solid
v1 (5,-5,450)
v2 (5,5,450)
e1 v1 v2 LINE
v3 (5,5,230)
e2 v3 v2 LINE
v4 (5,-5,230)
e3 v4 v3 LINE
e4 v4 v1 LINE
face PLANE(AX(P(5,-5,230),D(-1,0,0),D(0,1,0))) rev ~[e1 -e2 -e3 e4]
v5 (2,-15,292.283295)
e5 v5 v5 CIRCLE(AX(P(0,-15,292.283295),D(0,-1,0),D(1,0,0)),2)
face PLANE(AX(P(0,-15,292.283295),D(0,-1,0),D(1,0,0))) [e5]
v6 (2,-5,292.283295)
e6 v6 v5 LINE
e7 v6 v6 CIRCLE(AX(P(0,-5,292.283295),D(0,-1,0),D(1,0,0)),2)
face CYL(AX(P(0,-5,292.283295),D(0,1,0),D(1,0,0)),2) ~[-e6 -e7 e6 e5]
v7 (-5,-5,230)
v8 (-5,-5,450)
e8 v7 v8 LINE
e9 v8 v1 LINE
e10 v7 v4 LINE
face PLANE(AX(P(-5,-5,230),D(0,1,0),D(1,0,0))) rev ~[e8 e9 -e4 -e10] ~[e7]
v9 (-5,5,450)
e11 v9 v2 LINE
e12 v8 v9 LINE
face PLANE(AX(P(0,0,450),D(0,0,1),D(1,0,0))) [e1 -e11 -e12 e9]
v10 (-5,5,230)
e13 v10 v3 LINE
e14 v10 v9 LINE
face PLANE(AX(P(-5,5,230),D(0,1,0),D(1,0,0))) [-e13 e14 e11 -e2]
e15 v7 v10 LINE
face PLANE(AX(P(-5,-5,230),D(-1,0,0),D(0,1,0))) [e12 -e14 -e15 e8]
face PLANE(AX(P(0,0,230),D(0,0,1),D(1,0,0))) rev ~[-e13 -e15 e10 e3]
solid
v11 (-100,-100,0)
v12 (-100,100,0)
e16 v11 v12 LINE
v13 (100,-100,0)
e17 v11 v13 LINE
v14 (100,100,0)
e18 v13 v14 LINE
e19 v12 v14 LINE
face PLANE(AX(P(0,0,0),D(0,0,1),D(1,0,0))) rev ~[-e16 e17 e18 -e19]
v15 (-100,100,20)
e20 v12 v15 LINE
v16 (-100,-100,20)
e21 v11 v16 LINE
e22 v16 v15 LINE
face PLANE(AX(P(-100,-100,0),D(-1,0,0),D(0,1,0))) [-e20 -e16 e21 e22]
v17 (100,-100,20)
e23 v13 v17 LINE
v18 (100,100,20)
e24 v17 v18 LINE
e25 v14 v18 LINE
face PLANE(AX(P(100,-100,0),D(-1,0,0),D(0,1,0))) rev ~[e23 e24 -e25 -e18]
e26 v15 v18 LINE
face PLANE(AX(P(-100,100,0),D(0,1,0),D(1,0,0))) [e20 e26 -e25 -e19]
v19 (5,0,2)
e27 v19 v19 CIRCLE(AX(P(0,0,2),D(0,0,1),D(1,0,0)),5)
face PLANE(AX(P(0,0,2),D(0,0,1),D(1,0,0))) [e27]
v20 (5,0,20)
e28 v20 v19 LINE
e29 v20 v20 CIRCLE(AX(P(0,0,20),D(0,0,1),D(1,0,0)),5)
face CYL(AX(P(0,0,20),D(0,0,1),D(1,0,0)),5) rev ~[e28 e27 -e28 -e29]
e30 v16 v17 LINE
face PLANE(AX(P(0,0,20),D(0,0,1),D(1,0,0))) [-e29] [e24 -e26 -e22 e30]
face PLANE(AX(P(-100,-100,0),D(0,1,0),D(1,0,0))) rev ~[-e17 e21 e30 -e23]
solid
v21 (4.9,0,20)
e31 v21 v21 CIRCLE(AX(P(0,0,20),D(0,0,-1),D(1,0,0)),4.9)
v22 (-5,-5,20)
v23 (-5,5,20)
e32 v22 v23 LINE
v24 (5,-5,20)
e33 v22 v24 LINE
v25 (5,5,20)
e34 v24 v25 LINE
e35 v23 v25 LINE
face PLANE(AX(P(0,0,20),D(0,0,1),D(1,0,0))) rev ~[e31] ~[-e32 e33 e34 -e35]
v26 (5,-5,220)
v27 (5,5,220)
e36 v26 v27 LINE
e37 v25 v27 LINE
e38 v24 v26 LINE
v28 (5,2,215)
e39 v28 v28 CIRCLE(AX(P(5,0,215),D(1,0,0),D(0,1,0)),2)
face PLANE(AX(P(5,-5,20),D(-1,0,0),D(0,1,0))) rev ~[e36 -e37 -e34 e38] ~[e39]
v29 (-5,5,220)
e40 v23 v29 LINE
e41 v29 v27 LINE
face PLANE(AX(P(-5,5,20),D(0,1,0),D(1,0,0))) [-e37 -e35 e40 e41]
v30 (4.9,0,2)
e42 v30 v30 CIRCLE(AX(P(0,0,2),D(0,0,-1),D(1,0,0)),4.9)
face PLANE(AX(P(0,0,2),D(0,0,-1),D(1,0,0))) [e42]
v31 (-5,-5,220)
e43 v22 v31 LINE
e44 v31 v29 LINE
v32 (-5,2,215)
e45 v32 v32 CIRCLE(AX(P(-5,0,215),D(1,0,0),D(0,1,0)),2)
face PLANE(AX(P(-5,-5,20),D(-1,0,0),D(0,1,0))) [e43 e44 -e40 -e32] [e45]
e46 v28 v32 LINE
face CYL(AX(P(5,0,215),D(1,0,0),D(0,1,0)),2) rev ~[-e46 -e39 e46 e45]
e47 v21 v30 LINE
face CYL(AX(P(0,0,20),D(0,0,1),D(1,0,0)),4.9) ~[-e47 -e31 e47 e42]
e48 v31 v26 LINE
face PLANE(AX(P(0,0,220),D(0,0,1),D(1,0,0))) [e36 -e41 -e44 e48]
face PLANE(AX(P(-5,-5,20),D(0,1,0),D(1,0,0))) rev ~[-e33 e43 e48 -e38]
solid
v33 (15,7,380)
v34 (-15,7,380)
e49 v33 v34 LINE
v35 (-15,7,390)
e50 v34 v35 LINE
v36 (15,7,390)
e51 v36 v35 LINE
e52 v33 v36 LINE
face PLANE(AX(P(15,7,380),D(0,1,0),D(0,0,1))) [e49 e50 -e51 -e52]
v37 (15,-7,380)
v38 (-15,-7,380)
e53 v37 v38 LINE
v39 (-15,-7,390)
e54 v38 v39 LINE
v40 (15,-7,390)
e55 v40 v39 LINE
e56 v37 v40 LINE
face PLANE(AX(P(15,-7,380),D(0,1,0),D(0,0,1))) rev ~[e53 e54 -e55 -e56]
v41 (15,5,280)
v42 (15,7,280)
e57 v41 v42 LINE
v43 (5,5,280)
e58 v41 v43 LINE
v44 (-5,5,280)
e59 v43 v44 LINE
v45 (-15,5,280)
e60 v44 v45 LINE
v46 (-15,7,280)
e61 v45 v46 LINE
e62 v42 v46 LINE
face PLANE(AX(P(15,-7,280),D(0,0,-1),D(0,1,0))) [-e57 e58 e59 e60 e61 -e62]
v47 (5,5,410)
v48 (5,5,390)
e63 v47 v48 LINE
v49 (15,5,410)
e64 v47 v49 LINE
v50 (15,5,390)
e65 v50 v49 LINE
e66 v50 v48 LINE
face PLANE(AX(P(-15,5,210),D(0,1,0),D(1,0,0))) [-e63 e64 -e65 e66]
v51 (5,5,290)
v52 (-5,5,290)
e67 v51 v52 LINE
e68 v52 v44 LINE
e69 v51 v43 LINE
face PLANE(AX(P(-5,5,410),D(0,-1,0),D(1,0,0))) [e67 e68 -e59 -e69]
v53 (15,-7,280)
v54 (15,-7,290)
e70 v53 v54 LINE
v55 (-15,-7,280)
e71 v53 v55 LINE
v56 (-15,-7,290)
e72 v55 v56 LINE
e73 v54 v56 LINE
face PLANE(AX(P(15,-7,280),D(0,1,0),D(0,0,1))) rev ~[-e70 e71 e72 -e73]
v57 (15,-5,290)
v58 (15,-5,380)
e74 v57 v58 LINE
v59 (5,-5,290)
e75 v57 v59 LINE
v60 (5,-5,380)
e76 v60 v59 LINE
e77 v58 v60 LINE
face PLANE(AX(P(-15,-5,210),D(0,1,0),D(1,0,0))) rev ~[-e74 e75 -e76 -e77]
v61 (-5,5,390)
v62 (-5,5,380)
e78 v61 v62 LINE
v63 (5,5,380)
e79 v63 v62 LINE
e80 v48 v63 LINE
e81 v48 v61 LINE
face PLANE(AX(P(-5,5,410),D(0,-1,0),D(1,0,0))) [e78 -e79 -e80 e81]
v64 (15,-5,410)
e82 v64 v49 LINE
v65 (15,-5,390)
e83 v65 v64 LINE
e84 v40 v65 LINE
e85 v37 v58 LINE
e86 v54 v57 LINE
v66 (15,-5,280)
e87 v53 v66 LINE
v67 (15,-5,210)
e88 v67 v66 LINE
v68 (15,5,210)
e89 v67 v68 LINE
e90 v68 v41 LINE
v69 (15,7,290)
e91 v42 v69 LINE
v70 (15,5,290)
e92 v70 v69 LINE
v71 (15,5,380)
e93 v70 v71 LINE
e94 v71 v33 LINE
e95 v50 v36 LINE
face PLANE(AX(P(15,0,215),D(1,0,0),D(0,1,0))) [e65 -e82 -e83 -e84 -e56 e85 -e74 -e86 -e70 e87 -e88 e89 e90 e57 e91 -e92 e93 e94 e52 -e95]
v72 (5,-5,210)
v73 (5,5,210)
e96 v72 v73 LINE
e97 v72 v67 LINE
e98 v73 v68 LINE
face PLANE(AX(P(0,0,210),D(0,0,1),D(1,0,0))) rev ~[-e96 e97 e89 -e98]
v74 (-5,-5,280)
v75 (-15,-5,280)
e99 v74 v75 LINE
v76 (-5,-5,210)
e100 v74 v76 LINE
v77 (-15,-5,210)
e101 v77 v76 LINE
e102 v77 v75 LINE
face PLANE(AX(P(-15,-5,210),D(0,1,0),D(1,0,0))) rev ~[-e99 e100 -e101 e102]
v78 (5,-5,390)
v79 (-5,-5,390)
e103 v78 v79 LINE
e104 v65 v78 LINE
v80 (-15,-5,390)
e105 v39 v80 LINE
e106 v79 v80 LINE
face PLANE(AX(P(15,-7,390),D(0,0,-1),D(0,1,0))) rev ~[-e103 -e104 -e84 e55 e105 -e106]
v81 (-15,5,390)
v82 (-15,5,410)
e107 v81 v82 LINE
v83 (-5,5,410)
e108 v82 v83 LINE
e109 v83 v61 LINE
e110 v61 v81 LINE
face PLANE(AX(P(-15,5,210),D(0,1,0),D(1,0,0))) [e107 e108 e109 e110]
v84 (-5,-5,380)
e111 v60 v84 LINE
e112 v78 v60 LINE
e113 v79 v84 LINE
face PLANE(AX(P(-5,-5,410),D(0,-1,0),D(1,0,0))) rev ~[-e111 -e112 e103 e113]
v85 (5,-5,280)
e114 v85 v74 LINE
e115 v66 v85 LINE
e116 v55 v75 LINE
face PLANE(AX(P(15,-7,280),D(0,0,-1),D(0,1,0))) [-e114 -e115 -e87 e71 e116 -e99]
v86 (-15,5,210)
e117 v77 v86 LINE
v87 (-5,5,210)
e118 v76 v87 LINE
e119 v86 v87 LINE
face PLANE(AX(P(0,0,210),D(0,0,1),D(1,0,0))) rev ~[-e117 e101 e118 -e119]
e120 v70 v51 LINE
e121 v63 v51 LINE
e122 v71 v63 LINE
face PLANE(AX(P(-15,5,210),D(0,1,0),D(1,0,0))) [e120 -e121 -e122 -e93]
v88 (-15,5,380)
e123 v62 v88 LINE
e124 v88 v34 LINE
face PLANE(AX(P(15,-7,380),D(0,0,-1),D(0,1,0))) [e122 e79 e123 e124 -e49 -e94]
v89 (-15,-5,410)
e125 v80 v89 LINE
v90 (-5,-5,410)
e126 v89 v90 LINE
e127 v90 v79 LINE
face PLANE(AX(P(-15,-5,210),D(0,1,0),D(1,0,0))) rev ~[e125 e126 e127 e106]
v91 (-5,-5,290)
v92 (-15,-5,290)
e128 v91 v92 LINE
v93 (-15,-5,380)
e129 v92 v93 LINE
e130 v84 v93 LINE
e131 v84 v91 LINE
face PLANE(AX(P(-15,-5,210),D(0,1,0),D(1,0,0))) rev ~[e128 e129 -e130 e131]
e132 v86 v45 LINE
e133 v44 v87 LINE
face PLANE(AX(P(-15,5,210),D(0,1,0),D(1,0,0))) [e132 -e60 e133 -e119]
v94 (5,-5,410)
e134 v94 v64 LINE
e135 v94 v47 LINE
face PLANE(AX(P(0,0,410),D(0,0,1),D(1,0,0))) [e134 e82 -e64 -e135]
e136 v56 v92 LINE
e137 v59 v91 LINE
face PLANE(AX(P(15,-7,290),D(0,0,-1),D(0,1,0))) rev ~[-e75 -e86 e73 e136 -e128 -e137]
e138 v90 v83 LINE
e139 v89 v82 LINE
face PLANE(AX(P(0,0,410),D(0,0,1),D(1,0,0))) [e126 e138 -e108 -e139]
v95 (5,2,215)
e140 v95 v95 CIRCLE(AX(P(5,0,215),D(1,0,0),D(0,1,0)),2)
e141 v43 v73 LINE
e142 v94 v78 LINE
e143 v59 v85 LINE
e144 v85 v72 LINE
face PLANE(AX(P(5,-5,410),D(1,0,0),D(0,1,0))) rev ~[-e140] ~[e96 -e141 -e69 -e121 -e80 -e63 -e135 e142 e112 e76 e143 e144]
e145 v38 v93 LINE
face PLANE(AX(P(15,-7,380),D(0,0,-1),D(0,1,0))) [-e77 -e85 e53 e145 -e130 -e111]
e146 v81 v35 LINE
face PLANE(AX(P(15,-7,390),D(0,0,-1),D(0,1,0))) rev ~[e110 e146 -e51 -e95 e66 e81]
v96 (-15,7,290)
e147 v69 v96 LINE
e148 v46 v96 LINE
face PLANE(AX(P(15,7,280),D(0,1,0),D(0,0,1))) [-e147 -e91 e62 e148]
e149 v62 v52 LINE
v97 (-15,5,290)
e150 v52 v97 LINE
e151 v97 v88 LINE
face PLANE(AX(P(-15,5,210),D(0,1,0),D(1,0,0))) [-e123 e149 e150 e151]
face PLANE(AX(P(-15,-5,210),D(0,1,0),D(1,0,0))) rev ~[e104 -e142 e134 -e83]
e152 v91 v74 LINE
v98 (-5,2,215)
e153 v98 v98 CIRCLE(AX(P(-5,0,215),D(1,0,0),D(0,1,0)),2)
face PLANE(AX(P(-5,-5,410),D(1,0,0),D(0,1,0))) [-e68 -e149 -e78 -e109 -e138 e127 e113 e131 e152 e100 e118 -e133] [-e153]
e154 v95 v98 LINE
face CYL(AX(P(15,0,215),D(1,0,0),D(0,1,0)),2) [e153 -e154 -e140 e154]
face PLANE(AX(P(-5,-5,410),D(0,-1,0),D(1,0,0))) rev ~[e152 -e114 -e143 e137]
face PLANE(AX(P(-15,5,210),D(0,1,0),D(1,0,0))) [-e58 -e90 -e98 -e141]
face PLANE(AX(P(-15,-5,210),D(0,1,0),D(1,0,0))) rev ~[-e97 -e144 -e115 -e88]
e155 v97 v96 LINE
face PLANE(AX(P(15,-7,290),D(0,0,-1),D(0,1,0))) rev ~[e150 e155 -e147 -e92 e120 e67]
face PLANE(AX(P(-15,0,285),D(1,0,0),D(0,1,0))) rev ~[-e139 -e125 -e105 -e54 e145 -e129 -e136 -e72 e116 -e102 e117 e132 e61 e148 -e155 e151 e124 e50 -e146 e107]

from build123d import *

# Parameters (mm, degrees)
SKETCH_W        = 200
SKETCH_H        = 200
PAD_DEPTH       = 20
SKETCH002_R     = 5
POCKET_DEPTH    = 18
SKETCH003_W     = 10
SKETCH003_H     = 10
PAD001_DEPTH    = 200
SKETCH004_R     = 4.9
PAD002_DEPTH    = 18
SKETCH005_R     = 2
POCKET001_DEPTH = 10.001
SKETCH006_W     = 30
SKETCH006_H     = 10
PAD003_DEPTH    = 200
SKETCH007_W     = 14
SKETCH007_H     = 10
PAD004_DEPTH    = 30
SKETCH008_W     = 10
SKETCH008_H     = 10
POCKET002_DEPTH = 200.001
SKETCH009_R     = 2
PAD005_DEPTH    = 30
SKETCH010_W     = 10
SKETCH010_H     = 10
PAD006_DEPTH    = 220
SKETCH011_R     = 2
PAD007_DEPTH    = 10


with BuildPart() as link0:
    # Sketch → Pad (new body)
    with BuildSketch(Plane.XY):
        Rectangle(SKETCH_W, SKETCH_H)
    extrude(amount=PAD_DEPTH)

    # Sketch002 → Pocket (cut)
    with BuildSketch(Plane.XY.offset(20)):
        Circle(SKETCH002_R)
    extrude(amount=-POCKET_DEPTH, mode=Mode.SUBTRACT)


with BuildPart() as link1:
    # Sketch003 → Pad001 (new body)
    with BuildSketch(Plane.XY.offset(20)):
        Rectangle(SKETCH003_W, SKETCH003_H)
    extrude(amount=PAD001_DEPTH)

    # Sketch004 → Pad002 (new body)
    with BuildSketch(Plane(origin=(0, 0, 20), x_dir=(1, 0, 0), z_dir=(0, 0, -1))):
        Circle(SKETCH004_R)
    extrude(amount=PAD002_DEPTH)

    # Sketch005 → Pocket001 (cut, through all)
    with BuildSketch(Plane(origin=(5, 0, 20), x_dir=(0, 1, 0), z_dir=(1, 0, 0))):
        with Locations((0, 195)):
            Circle(SKETCH005_R)
    extrude(amount=-POCKET001_DEPTH, mode=Mode.SUBTRACT)


with BuildPart() as link2:
    # Sketch006 → Pad003 (new body)
    with BuildSketch(Plane.XY.offset(210)):
        Rectangle(SKETCH006_W, SKETCH006_H)
    extrude(amount=PAD003_DEPTH)

    # Sketch007 → Pad004 (new body)
    with BuildSketch(Plane(origin=(15, 0, 210), x_dir=(0, 1, 0), z_dir=(1, 0, 0))):
        with Locations((0, 75)):
            Rectangle(SKETCH007_W, SKETCH007_H)
        with Locations((0, 175)):
            Rectangle(SKETCH007_W, SKETCH007_H)
    extrude(amount=-PAD004_DEPTH)

    # Sketch008 → Pocket002 (cut, through all)
    with BuildSketch(Plane.XY.offset(410)):
        Rectangle(SKETCH008_W, SKETCH008_H)
    extrude(amount=-POCKET002_DEPTH, mode=Mode.SUBTRACT)

    # Sketch009 → Pad005 (new body)
    with BuildSketch(Plane(origin=(15, 0, 210), x_dir=(0, 1, 0), z_dir=(1, 0, 0))):
        with Locations((0, 5)):
            Circle(SKETCH009_R)
    extrude(amount=-PAD005_DEPTH)


with BuildPart() as link3:
    # Sketch010 → Pad006 (new body)
    with BuildSketch(Plane.XY.offset(230)):
        Rectangle(SKETCH010_W, SKETCH010_H)
    extrude(amount=PAD006_DEPTH)

    # Sketch011 → Pad007 (new body)
    with BuildSketch(Plane(origin=(0, -5, 230), x_dir=(1, 0, 0), z_dir=(0, -1, 0))):
        with Locations((0, 62.283295)):
            Circle(SKETCH011_R)
    extrude(amount=PAD007_DEPTH)


solid = Compound([link0.part, link1.part, link2.part, link3.part])
